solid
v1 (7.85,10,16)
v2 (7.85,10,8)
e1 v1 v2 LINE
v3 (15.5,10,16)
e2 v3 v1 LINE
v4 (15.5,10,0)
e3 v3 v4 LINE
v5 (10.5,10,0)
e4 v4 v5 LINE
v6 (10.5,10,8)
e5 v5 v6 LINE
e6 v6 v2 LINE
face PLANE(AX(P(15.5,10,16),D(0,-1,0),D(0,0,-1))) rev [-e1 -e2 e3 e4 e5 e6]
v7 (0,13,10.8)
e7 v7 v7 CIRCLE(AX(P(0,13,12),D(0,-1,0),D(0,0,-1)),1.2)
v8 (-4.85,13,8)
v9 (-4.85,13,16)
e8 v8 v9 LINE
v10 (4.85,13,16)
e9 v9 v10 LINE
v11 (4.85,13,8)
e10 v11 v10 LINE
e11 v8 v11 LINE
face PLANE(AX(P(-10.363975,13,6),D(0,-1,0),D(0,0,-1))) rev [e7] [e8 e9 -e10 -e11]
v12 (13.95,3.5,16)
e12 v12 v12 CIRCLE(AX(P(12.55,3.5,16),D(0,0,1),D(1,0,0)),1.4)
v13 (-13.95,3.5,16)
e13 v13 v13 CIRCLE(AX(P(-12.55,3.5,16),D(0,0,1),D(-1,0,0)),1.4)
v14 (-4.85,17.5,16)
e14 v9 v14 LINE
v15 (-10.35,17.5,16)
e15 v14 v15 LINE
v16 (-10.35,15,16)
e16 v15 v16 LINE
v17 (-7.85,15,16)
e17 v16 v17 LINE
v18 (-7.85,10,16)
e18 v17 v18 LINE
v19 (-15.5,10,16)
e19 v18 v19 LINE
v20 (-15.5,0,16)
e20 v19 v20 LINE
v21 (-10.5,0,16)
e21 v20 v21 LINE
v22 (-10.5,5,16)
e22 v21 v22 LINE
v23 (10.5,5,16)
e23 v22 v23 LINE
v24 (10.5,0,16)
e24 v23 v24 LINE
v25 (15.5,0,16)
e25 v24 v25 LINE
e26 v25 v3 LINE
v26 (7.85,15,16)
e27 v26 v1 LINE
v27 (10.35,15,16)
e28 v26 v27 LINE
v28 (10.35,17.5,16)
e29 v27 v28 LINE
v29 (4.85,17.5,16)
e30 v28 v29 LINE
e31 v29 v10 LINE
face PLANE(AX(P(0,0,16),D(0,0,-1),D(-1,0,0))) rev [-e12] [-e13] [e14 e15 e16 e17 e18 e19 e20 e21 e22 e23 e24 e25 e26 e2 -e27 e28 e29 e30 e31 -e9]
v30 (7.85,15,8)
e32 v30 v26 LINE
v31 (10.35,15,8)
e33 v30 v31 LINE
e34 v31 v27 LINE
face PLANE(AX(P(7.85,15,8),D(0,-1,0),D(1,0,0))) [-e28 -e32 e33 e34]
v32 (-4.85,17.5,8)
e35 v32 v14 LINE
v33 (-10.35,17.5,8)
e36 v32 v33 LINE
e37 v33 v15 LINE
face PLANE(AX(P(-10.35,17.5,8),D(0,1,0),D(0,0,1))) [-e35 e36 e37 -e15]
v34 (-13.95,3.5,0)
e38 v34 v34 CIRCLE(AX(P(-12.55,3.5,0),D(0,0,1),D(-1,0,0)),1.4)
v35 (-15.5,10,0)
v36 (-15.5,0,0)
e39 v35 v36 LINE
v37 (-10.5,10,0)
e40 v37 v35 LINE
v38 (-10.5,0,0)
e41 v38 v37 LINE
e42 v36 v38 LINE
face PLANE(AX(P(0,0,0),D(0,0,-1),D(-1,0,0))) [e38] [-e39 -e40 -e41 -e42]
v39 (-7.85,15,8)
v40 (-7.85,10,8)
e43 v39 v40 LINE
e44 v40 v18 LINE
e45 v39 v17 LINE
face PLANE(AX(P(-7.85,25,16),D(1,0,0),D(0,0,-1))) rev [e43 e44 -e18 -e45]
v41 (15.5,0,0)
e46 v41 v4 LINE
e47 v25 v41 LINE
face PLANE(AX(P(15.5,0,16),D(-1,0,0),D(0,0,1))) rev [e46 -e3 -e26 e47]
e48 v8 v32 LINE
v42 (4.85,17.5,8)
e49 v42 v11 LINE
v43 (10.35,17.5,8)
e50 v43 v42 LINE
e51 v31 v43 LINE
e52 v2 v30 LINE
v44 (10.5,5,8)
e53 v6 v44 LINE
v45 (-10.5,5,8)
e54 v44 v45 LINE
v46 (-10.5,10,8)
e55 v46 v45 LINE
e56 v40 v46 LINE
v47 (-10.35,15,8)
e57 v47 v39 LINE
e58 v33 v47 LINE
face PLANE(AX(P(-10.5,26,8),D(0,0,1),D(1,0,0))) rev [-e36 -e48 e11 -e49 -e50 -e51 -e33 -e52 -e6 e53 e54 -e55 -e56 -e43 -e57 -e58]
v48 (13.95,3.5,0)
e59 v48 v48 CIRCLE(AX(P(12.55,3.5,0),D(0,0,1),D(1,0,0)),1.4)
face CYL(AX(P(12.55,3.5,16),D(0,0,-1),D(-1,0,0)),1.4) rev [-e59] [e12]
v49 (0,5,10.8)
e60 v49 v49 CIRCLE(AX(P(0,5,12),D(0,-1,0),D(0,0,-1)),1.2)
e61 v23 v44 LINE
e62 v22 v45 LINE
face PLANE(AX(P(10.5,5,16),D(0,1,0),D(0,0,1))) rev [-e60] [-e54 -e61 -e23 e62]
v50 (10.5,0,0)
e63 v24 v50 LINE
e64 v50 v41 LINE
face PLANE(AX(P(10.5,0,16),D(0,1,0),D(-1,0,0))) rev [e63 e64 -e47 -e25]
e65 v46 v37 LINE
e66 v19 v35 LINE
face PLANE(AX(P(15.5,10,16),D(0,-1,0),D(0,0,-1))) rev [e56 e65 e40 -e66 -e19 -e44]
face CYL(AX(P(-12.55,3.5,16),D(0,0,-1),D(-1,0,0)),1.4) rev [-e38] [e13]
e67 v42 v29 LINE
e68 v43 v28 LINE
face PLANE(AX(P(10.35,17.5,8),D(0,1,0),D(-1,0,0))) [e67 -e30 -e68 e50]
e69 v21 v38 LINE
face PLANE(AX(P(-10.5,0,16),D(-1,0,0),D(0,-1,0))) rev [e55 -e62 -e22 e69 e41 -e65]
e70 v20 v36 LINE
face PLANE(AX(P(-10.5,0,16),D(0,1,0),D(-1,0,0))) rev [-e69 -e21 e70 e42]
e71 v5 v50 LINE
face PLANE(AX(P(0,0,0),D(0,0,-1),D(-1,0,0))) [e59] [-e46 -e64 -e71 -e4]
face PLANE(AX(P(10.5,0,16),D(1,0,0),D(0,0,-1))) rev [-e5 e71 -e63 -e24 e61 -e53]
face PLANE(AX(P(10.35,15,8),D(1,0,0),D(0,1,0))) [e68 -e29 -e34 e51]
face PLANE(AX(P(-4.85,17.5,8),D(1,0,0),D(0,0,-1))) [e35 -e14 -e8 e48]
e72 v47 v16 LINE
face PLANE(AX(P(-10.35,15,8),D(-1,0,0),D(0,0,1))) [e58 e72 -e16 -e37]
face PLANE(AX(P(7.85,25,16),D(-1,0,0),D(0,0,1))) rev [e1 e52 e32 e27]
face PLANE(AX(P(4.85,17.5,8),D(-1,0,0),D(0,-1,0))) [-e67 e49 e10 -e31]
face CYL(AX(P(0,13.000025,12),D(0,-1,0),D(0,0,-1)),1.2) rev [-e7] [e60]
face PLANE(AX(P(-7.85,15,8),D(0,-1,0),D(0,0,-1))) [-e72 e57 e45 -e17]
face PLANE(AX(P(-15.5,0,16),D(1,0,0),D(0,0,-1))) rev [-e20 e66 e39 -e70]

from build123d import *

# Parameters (mm, degrees)
ESQUISSE1_R             = 1.4
BOSS_EXTRU_1_DEPTH      = 16
ESQUISSE2_W             = 15.7
ESQUISSE2_H             = 16
BOSS_EXTRU_2_DEPTH      = 15
ESQUISSE3_R             = 4
ENL_V_MAT_EXTRU_1_DEPTH = 15
ESQUISSE4_W             = 21
ESQUISSE4_H             = 8
ENL_V_MAT_EXTRU_2_DEPTH = 21
ESQUISSE5_R             = 1.4
ENL_V_MAT_EXTRU_3_DEPTH = 21
ESQUISSE6_W             = 18.213974707
ESQUISSE6_H             = 12
ENL_V_MAT_EXTRU_4_DEPTH = 10
ESQUISSE7_R             = 1.2
ENL_V_MAT_EXTRU_5_DEPTH = 24.669600757
BOSS_EXTRU_3_DEPTH      = 8


with BuildPart() as part:
    # Esquisse1 → Boss.-Extru.1 (new body)
    with BuildSketch(Plane.XY):
        Polygon((15.5, 10), (-15.5, 10), (-15.5, 0), (-10.5, 0), (-10.5, 5), (10.5, 5), (10.5, 0), (15.5, 0), align=None)
        with Locations((12.55, 3.5)):
            Circle(ESQUISSE1_R, mode=Mode.SUBTRACT)
        with Locations(Location((-12.55, 3.5, 0), (0, 0, 180))):
            Circle(ESQUISSE1_R, mode=Mode.SUBTRACT)
    extrude(amount=BOSS_EXTRU_1_DEPTH)

    # Esquisse2 → Boss.-Extru.2 (add)
    with BuildSketch(Plane(origin=(0, 10, 0), x_dir=(1, 0, 0), z_dir=(0, 1, 0))):
        with Locations((0, -8)):
            Rectangle(ESQUISSE2_W, ESQUISSE2_H)
    extrude(amount=BOSS_EXTRU_2_DEPTH)

    # Esquisse3 → Enlèv. mat.-Extru.1 (cut)
    with BuildSketch(Plane.XY.offset(16)):
        with Locations((0, 17.5)):
            Circle(ESQUISSE3_R)
    extrude(amount=-ENL_V_MAT_EXTRU_1_DEPTH, mode=Mode.SUBTRACT)

    # Esquisse4 → Enlèv. mat.-Extru.2 (cut)
    with BuildSketch(Plane.XZ.offset(-5)):
        with Locations((0, 4)):
            Rectangle(ESQUISSE4_W, ESQUISSE4_H)
    extrude(amount=-ENL_V_MAT_EXTRU_2_DEPTH, mode=Mode.SUBTRACT)

    # Esquisse5 → Enlèv. mat.-Extru.3 (cut)
    with BuildSketch(Plane.ZY.offset(7.85)):
        with Locations((12, 17.5)):
            Circle(ESQUISSE5_R)
    extrude(amount=-ENL_V_MAT_EXTRU_3_DEPTH, mode=Mode.SUBTRACT)

    # Esquisse6 → Enlèv. mat.-Extru.4 (cut)
    with BuildSketch(Plane.XY.offset(16)):
        with Locations((-1.256987354, 19)):
            Rectangle(ESQUISSE6_W, ESQUISSE6_H)
    extrude(amount=-ENL_V_MAT_EXTRU_4_DEPTH, mode=Mode.SUBTRACT)

    # Esquisse7 → Enlèv. mat.-Extru.5 (cut, through all)
    with BuildSketch(Plane.XZ.offset(-5)):
        with Locations(Location((0, 12, 0), (0, 0, 270))):
            Circle(ESQUISSE7_R)
    extrude(amount=-ENL_V_MAT_EXTRU_5_DEPTH, mode=Mode.SUBTRACT)

    # Esquisse8 → Boss.-Extru.3 (add)
    with BuildSketch(Plane.XY.offset(16)):
        Polygon((-7.85, 13), (-7.85, 15), (-10.35, 15), (-10.35, 17.5), (-4.85, 17.5), (-4.85, 13), align=None)
        Polygon((4.85, 13), (7.85, 13), (7.85, 15), (10.35, 15), (10.35, 17.5), (4.85, 17.5), align=None)
    extrude(amount=-BOSS_EXTRU_3_DEPTH)


solid = part.part
